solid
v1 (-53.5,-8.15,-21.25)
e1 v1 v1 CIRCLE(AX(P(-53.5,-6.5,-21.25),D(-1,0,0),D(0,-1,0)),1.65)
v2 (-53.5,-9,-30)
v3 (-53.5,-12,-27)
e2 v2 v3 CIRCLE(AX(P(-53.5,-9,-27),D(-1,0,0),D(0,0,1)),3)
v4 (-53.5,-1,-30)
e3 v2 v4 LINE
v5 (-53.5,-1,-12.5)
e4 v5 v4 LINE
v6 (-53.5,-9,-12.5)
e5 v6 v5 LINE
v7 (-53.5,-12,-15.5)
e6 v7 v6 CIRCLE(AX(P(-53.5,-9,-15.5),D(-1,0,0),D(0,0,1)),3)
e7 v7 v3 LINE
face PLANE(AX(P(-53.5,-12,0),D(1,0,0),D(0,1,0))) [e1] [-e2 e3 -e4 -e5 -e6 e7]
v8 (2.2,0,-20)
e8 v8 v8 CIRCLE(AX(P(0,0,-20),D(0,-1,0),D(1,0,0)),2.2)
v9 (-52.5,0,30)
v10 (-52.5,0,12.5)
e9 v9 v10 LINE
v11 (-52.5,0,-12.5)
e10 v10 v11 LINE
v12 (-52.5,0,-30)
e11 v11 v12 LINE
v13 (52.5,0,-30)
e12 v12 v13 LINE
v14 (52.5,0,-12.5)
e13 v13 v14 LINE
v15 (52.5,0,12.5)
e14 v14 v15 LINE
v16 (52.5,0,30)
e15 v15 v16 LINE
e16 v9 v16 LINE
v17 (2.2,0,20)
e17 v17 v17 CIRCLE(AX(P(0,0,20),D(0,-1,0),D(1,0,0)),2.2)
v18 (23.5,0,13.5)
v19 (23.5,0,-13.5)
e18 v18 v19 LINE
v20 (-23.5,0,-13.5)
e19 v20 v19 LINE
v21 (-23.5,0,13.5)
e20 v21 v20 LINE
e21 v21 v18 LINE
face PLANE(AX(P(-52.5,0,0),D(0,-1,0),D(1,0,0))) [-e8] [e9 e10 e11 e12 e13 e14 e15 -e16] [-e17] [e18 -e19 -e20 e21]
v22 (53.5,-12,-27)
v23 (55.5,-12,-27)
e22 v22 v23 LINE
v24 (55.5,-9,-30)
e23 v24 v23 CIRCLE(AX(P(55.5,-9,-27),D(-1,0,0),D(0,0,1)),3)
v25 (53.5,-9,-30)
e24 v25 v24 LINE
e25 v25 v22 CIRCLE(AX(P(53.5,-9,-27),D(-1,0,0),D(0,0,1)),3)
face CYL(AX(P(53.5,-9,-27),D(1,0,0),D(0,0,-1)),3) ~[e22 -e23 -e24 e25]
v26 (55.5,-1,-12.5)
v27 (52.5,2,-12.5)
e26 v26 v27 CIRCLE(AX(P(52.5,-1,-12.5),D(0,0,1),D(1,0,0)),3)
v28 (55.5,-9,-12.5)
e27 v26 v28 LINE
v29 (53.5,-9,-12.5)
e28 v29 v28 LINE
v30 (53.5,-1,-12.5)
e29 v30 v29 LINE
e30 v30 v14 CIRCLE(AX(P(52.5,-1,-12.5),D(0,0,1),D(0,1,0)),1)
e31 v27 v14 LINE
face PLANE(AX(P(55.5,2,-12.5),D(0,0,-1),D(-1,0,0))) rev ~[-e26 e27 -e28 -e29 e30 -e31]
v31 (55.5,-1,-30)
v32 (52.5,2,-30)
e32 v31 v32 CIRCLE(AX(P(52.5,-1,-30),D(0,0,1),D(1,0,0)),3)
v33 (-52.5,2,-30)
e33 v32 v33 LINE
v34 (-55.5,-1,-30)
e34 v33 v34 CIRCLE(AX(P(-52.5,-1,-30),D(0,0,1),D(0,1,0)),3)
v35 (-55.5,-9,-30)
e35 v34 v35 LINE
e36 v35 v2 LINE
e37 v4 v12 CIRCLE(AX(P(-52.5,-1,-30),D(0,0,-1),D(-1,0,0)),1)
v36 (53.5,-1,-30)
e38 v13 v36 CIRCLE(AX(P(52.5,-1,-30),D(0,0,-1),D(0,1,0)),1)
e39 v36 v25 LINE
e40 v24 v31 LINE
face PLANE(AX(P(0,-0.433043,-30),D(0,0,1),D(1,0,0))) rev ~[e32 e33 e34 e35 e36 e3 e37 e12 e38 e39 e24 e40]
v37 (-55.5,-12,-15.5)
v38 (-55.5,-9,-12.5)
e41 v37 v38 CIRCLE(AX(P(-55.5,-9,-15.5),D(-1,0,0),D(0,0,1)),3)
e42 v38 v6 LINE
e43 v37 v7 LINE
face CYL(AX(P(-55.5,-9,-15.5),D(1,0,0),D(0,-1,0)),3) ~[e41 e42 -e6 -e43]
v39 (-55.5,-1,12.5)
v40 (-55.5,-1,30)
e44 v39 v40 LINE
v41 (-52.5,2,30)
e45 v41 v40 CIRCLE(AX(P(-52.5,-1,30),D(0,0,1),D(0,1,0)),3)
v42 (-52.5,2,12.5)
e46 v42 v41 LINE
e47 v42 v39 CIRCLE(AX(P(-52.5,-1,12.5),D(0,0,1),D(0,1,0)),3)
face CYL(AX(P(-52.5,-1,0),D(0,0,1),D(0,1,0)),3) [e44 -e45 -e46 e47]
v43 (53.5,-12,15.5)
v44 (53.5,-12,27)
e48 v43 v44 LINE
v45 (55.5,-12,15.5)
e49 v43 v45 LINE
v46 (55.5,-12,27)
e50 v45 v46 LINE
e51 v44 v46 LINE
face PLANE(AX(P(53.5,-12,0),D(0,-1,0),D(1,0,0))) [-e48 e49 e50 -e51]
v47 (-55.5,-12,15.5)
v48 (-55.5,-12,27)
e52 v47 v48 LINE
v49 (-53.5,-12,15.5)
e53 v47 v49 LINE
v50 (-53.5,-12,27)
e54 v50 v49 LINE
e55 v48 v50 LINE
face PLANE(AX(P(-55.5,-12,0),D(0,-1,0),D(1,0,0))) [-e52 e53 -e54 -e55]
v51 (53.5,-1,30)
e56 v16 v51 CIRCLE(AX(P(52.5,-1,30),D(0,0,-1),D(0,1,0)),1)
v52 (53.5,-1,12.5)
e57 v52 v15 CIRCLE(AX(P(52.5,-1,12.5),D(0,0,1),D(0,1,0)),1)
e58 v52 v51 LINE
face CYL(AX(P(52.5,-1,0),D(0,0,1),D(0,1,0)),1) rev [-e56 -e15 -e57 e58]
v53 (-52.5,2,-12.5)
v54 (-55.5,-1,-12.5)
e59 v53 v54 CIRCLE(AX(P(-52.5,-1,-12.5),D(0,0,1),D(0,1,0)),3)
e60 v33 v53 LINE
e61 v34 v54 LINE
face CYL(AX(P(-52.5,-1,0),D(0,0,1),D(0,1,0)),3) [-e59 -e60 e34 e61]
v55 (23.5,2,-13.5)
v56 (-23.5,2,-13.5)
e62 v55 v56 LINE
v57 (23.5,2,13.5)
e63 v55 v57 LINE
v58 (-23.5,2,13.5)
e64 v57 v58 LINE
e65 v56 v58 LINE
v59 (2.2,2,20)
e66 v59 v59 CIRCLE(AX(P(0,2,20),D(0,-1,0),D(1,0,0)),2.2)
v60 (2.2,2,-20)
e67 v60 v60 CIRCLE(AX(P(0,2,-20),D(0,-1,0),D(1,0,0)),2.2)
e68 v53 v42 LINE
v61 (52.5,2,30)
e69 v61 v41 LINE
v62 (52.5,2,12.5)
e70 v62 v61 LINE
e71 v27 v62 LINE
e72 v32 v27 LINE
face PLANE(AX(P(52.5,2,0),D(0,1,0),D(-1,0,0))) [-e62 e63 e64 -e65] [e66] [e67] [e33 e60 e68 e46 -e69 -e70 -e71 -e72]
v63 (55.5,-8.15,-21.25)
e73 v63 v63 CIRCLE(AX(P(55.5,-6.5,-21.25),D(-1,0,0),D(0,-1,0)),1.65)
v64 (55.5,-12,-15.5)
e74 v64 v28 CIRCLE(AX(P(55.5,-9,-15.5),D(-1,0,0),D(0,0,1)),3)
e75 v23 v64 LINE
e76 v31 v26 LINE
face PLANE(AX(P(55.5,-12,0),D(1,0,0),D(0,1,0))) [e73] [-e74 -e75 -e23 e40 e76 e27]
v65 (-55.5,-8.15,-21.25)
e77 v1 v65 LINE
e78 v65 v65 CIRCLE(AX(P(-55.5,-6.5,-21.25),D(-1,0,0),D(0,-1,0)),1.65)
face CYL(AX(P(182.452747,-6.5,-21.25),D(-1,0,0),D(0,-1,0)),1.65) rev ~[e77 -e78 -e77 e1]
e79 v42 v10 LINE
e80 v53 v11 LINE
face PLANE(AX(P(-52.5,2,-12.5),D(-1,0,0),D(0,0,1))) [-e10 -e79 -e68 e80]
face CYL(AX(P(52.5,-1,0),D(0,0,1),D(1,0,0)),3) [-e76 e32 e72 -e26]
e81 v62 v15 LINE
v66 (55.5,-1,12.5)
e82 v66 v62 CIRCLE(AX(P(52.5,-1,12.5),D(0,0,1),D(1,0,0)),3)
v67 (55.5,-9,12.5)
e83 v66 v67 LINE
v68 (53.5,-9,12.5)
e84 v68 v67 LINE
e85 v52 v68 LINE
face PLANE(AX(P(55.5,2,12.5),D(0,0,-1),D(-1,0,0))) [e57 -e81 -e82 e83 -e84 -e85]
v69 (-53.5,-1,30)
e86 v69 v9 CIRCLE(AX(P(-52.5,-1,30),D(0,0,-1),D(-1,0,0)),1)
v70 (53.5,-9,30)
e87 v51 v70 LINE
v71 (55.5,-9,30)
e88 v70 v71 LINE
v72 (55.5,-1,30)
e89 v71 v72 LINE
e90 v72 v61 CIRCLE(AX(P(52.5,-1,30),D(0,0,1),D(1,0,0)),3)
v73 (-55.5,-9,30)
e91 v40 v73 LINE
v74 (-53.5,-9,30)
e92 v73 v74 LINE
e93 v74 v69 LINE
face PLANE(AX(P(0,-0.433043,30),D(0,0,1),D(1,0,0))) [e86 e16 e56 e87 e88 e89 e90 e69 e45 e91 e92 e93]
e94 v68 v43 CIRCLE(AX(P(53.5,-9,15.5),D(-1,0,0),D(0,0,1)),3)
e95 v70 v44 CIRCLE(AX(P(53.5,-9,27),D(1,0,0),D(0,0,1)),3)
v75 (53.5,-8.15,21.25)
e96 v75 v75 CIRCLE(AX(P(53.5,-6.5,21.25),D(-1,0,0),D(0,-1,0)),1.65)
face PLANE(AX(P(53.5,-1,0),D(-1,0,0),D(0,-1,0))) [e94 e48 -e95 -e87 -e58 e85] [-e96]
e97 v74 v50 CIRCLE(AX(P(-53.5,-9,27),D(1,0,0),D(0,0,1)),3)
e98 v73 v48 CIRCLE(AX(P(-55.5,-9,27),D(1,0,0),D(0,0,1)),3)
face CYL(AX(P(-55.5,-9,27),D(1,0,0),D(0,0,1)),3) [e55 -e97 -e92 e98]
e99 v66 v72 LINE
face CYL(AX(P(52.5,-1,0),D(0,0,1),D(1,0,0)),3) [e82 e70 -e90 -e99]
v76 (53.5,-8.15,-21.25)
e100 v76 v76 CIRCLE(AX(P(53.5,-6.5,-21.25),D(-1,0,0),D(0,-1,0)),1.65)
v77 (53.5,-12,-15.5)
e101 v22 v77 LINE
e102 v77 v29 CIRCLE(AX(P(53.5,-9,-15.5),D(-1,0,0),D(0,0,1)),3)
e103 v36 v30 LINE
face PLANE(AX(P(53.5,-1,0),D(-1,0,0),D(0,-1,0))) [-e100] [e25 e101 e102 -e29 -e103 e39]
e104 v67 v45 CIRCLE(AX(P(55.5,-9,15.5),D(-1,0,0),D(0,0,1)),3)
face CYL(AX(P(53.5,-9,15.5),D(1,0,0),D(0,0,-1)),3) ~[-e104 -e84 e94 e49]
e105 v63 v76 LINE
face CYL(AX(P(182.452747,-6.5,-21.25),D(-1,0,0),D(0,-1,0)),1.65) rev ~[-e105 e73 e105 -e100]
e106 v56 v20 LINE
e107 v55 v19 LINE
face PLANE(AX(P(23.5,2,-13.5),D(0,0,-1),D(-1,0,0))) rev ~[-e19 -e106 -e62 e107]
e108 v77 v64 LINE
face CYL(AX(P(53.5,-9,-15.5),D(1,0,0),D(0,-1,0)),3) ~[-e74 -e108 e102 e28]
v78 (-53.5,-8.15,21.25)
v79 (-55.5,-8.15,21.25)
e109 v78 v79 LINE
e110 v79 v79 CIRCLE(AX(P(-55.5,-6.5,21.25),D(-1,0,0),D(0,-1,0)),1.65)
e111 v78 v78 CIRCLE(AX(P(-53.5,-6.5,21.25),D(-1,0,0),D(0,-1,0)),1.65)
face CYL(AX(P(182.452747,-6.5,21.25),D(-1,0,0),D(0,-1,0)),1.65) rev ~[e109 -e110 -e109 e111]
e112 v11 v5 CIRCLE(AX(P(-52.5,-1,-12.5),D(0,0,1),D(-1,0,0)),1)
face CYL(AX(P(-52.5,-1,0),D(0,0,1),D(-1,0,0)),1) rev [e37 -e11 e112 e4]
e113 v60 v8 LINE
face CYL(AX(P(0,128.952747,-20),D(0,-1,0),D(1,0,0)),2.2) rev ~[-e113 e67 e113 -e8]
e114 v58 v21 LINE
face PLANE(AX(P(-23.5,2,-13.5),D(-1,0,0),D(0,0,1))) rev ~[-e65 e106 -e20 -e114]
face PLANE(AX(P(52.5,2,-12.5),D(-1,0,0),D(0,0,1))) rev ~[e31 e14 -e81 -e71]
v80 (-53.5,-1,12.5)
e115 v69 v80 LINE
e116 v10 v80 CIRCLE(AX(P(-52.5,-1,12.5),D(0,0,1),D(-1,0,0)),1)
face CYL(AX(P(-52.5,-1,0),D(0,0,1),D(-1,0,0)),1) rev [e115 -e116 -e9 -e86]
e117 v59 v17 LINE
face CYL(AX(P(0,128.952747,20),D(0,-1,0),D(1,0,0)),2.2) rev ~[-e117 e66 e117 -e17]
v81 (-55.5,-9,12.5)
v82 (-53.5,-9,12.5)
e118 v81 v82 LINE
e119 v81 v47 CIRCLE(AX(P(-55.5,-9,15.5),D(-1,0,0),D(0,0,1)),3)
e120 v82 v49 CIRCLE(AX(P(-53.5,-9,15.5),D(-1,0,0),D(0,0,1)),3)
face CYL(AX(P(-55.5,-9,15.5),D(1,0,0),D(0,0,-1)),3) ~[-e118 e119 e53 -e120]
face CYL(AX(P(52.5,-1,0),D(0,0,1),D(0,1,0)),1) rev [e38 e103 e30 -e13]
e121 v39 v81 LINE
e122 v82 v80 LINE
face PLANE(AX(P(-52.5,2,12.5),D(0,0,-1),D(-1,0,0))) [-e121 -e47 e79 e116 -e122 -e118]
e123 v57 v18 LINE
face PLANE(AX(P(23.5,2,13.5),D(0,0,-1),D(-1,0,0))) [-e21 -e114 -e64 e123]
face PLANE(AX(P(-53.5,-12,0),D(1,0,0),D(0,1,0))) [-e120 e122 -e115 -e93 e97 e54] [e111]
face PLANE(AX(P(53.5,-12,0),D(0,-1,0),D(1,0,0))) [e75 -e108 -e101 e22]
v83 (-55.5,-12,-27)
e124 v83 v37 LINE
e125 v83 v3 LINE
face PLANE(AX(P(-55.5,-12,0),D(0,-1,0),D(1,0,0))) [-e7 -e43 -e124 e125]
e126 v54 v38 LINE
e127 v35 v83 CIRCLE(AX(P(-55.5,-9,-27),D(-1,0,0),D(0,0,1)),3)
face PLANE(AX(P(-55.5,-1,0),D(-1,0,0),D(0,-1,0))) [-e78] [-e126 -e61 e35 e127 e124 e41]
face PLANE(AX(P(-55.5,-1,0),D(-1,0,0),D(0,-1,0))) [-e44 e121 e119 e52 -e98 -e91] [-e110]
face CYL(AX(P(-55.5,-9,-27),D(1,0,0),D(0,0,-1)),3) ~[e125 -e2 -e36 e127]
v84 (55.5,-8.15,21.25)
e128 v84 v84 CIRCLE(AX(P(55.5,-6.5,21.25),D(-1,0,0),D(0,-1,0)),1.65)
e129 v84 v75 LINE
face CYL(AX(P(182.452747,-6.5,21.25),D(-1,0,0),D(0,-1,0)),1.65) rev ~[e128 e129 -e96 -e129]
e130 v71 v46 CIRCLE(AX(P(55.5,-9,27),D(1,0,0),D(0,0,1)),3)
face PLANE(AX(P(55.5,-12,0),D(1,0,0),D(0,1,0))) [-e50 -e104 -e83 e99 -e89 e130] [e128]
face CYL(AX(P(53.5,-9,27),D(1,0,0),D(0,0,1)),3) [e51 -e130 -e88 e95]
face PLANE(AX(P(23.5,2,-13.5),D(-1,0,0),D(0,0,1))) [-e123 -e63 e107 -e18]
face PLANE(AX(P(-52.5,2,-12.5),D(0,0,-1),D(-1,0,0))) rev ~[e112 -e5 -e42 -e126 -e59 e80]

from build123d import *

# Parameters (mm, degrees)
F1_DEPTH = 30
F2_W     = 3
F2_H     = 25
F2_W_2   = 47
F2_H_2   = 27
F3_DEPTH = 14.001
F4_D     = 4.4
F6_D     = 3.3
F7_R     = 3


with BuildPart() as f1:
    # F0 (on Top) → F1 (new body, symmetric)
    with BuildSketch(Plane.XY):
        with BuildLine():
            Line((-52.5, 0), (52.5, 0))
            ThreePointArc((52.5, 0), (53.2071067812, -0.2928932188), (53.5, -1))
            Line((53.5, -1), (53.5, -12))
            Line((53.5, -12), (55.5, -12))
            Line((55.5, -12), (55.5, -1))
            ThreePointArc((55.5, -1), (54.6213203436, 1.1213203436), (52.5, 2))
            Line((52.5, 2), (-52.5, 2))
            ThreePointArc((-52.5, 2), (-54.6213203436, 1.1213203436), (-55.5, -1))
            Line((-55.5, -1), (-55.5, -12))
            Line((-55.5, -12), (-53.5, -12))
            Line((-53.5, -12), (-53.5, -1))
            ThreePointArc((-53.5, -1), (-53.2071067812, -0.2928932188), (-52.5, 0))
        make_face()
    extrude(amount=F1_DEPTH, both=True)

    # F2 (on face) → F3 (cut, through all)
    with BuildSketch(Plane(origin=(0, 2, 0), x_dir=(-1, 0, 0), z_dir=(0, 1, 0))):
        with Locations((-54, 0)):
            Rectangle(F2_W, F2_H)
        with Locations((54, 0)):
            Rectangle(F2_W, F2_H)
        Rectangle(F2_W_2, F2_H_2)
    extrude(amount=-F3_DEPTH, mode=Mode.SUBTRACT)

    # F4 (through all)
    with Locations(Plane(origin=(0, 2, 0), x_dir=(-1, 0, 0), z_dir=(0, 1, 0))):
        with Locations((0, 20), (0, -20)):
            Hole(F4_D / 2)

    # F6 (through all)
    with Locations(Plane.YZ.offset(55.5)):
        with Locations((-6.5, 21.25), (-6.5, -21.25)):
            Hole(F6_D / 2)

    # F7
    f7_edges = [f1.edges().sort_by_distance(p)[0] for p in [
        (-54.5, -12, 30),
        (-54.5, -12, 12.5),
        (-54.5, -12, -12.5),
        (-54.5, -12, -30),
        (54.5, -12, 30),
        (54.5, -12, 12.5),
        (54.5, -12, -12.5),
        (54.5, -12, -30),
    ]]
    fillet(f7_edges, radius=F7_R)


solid = f1.part
